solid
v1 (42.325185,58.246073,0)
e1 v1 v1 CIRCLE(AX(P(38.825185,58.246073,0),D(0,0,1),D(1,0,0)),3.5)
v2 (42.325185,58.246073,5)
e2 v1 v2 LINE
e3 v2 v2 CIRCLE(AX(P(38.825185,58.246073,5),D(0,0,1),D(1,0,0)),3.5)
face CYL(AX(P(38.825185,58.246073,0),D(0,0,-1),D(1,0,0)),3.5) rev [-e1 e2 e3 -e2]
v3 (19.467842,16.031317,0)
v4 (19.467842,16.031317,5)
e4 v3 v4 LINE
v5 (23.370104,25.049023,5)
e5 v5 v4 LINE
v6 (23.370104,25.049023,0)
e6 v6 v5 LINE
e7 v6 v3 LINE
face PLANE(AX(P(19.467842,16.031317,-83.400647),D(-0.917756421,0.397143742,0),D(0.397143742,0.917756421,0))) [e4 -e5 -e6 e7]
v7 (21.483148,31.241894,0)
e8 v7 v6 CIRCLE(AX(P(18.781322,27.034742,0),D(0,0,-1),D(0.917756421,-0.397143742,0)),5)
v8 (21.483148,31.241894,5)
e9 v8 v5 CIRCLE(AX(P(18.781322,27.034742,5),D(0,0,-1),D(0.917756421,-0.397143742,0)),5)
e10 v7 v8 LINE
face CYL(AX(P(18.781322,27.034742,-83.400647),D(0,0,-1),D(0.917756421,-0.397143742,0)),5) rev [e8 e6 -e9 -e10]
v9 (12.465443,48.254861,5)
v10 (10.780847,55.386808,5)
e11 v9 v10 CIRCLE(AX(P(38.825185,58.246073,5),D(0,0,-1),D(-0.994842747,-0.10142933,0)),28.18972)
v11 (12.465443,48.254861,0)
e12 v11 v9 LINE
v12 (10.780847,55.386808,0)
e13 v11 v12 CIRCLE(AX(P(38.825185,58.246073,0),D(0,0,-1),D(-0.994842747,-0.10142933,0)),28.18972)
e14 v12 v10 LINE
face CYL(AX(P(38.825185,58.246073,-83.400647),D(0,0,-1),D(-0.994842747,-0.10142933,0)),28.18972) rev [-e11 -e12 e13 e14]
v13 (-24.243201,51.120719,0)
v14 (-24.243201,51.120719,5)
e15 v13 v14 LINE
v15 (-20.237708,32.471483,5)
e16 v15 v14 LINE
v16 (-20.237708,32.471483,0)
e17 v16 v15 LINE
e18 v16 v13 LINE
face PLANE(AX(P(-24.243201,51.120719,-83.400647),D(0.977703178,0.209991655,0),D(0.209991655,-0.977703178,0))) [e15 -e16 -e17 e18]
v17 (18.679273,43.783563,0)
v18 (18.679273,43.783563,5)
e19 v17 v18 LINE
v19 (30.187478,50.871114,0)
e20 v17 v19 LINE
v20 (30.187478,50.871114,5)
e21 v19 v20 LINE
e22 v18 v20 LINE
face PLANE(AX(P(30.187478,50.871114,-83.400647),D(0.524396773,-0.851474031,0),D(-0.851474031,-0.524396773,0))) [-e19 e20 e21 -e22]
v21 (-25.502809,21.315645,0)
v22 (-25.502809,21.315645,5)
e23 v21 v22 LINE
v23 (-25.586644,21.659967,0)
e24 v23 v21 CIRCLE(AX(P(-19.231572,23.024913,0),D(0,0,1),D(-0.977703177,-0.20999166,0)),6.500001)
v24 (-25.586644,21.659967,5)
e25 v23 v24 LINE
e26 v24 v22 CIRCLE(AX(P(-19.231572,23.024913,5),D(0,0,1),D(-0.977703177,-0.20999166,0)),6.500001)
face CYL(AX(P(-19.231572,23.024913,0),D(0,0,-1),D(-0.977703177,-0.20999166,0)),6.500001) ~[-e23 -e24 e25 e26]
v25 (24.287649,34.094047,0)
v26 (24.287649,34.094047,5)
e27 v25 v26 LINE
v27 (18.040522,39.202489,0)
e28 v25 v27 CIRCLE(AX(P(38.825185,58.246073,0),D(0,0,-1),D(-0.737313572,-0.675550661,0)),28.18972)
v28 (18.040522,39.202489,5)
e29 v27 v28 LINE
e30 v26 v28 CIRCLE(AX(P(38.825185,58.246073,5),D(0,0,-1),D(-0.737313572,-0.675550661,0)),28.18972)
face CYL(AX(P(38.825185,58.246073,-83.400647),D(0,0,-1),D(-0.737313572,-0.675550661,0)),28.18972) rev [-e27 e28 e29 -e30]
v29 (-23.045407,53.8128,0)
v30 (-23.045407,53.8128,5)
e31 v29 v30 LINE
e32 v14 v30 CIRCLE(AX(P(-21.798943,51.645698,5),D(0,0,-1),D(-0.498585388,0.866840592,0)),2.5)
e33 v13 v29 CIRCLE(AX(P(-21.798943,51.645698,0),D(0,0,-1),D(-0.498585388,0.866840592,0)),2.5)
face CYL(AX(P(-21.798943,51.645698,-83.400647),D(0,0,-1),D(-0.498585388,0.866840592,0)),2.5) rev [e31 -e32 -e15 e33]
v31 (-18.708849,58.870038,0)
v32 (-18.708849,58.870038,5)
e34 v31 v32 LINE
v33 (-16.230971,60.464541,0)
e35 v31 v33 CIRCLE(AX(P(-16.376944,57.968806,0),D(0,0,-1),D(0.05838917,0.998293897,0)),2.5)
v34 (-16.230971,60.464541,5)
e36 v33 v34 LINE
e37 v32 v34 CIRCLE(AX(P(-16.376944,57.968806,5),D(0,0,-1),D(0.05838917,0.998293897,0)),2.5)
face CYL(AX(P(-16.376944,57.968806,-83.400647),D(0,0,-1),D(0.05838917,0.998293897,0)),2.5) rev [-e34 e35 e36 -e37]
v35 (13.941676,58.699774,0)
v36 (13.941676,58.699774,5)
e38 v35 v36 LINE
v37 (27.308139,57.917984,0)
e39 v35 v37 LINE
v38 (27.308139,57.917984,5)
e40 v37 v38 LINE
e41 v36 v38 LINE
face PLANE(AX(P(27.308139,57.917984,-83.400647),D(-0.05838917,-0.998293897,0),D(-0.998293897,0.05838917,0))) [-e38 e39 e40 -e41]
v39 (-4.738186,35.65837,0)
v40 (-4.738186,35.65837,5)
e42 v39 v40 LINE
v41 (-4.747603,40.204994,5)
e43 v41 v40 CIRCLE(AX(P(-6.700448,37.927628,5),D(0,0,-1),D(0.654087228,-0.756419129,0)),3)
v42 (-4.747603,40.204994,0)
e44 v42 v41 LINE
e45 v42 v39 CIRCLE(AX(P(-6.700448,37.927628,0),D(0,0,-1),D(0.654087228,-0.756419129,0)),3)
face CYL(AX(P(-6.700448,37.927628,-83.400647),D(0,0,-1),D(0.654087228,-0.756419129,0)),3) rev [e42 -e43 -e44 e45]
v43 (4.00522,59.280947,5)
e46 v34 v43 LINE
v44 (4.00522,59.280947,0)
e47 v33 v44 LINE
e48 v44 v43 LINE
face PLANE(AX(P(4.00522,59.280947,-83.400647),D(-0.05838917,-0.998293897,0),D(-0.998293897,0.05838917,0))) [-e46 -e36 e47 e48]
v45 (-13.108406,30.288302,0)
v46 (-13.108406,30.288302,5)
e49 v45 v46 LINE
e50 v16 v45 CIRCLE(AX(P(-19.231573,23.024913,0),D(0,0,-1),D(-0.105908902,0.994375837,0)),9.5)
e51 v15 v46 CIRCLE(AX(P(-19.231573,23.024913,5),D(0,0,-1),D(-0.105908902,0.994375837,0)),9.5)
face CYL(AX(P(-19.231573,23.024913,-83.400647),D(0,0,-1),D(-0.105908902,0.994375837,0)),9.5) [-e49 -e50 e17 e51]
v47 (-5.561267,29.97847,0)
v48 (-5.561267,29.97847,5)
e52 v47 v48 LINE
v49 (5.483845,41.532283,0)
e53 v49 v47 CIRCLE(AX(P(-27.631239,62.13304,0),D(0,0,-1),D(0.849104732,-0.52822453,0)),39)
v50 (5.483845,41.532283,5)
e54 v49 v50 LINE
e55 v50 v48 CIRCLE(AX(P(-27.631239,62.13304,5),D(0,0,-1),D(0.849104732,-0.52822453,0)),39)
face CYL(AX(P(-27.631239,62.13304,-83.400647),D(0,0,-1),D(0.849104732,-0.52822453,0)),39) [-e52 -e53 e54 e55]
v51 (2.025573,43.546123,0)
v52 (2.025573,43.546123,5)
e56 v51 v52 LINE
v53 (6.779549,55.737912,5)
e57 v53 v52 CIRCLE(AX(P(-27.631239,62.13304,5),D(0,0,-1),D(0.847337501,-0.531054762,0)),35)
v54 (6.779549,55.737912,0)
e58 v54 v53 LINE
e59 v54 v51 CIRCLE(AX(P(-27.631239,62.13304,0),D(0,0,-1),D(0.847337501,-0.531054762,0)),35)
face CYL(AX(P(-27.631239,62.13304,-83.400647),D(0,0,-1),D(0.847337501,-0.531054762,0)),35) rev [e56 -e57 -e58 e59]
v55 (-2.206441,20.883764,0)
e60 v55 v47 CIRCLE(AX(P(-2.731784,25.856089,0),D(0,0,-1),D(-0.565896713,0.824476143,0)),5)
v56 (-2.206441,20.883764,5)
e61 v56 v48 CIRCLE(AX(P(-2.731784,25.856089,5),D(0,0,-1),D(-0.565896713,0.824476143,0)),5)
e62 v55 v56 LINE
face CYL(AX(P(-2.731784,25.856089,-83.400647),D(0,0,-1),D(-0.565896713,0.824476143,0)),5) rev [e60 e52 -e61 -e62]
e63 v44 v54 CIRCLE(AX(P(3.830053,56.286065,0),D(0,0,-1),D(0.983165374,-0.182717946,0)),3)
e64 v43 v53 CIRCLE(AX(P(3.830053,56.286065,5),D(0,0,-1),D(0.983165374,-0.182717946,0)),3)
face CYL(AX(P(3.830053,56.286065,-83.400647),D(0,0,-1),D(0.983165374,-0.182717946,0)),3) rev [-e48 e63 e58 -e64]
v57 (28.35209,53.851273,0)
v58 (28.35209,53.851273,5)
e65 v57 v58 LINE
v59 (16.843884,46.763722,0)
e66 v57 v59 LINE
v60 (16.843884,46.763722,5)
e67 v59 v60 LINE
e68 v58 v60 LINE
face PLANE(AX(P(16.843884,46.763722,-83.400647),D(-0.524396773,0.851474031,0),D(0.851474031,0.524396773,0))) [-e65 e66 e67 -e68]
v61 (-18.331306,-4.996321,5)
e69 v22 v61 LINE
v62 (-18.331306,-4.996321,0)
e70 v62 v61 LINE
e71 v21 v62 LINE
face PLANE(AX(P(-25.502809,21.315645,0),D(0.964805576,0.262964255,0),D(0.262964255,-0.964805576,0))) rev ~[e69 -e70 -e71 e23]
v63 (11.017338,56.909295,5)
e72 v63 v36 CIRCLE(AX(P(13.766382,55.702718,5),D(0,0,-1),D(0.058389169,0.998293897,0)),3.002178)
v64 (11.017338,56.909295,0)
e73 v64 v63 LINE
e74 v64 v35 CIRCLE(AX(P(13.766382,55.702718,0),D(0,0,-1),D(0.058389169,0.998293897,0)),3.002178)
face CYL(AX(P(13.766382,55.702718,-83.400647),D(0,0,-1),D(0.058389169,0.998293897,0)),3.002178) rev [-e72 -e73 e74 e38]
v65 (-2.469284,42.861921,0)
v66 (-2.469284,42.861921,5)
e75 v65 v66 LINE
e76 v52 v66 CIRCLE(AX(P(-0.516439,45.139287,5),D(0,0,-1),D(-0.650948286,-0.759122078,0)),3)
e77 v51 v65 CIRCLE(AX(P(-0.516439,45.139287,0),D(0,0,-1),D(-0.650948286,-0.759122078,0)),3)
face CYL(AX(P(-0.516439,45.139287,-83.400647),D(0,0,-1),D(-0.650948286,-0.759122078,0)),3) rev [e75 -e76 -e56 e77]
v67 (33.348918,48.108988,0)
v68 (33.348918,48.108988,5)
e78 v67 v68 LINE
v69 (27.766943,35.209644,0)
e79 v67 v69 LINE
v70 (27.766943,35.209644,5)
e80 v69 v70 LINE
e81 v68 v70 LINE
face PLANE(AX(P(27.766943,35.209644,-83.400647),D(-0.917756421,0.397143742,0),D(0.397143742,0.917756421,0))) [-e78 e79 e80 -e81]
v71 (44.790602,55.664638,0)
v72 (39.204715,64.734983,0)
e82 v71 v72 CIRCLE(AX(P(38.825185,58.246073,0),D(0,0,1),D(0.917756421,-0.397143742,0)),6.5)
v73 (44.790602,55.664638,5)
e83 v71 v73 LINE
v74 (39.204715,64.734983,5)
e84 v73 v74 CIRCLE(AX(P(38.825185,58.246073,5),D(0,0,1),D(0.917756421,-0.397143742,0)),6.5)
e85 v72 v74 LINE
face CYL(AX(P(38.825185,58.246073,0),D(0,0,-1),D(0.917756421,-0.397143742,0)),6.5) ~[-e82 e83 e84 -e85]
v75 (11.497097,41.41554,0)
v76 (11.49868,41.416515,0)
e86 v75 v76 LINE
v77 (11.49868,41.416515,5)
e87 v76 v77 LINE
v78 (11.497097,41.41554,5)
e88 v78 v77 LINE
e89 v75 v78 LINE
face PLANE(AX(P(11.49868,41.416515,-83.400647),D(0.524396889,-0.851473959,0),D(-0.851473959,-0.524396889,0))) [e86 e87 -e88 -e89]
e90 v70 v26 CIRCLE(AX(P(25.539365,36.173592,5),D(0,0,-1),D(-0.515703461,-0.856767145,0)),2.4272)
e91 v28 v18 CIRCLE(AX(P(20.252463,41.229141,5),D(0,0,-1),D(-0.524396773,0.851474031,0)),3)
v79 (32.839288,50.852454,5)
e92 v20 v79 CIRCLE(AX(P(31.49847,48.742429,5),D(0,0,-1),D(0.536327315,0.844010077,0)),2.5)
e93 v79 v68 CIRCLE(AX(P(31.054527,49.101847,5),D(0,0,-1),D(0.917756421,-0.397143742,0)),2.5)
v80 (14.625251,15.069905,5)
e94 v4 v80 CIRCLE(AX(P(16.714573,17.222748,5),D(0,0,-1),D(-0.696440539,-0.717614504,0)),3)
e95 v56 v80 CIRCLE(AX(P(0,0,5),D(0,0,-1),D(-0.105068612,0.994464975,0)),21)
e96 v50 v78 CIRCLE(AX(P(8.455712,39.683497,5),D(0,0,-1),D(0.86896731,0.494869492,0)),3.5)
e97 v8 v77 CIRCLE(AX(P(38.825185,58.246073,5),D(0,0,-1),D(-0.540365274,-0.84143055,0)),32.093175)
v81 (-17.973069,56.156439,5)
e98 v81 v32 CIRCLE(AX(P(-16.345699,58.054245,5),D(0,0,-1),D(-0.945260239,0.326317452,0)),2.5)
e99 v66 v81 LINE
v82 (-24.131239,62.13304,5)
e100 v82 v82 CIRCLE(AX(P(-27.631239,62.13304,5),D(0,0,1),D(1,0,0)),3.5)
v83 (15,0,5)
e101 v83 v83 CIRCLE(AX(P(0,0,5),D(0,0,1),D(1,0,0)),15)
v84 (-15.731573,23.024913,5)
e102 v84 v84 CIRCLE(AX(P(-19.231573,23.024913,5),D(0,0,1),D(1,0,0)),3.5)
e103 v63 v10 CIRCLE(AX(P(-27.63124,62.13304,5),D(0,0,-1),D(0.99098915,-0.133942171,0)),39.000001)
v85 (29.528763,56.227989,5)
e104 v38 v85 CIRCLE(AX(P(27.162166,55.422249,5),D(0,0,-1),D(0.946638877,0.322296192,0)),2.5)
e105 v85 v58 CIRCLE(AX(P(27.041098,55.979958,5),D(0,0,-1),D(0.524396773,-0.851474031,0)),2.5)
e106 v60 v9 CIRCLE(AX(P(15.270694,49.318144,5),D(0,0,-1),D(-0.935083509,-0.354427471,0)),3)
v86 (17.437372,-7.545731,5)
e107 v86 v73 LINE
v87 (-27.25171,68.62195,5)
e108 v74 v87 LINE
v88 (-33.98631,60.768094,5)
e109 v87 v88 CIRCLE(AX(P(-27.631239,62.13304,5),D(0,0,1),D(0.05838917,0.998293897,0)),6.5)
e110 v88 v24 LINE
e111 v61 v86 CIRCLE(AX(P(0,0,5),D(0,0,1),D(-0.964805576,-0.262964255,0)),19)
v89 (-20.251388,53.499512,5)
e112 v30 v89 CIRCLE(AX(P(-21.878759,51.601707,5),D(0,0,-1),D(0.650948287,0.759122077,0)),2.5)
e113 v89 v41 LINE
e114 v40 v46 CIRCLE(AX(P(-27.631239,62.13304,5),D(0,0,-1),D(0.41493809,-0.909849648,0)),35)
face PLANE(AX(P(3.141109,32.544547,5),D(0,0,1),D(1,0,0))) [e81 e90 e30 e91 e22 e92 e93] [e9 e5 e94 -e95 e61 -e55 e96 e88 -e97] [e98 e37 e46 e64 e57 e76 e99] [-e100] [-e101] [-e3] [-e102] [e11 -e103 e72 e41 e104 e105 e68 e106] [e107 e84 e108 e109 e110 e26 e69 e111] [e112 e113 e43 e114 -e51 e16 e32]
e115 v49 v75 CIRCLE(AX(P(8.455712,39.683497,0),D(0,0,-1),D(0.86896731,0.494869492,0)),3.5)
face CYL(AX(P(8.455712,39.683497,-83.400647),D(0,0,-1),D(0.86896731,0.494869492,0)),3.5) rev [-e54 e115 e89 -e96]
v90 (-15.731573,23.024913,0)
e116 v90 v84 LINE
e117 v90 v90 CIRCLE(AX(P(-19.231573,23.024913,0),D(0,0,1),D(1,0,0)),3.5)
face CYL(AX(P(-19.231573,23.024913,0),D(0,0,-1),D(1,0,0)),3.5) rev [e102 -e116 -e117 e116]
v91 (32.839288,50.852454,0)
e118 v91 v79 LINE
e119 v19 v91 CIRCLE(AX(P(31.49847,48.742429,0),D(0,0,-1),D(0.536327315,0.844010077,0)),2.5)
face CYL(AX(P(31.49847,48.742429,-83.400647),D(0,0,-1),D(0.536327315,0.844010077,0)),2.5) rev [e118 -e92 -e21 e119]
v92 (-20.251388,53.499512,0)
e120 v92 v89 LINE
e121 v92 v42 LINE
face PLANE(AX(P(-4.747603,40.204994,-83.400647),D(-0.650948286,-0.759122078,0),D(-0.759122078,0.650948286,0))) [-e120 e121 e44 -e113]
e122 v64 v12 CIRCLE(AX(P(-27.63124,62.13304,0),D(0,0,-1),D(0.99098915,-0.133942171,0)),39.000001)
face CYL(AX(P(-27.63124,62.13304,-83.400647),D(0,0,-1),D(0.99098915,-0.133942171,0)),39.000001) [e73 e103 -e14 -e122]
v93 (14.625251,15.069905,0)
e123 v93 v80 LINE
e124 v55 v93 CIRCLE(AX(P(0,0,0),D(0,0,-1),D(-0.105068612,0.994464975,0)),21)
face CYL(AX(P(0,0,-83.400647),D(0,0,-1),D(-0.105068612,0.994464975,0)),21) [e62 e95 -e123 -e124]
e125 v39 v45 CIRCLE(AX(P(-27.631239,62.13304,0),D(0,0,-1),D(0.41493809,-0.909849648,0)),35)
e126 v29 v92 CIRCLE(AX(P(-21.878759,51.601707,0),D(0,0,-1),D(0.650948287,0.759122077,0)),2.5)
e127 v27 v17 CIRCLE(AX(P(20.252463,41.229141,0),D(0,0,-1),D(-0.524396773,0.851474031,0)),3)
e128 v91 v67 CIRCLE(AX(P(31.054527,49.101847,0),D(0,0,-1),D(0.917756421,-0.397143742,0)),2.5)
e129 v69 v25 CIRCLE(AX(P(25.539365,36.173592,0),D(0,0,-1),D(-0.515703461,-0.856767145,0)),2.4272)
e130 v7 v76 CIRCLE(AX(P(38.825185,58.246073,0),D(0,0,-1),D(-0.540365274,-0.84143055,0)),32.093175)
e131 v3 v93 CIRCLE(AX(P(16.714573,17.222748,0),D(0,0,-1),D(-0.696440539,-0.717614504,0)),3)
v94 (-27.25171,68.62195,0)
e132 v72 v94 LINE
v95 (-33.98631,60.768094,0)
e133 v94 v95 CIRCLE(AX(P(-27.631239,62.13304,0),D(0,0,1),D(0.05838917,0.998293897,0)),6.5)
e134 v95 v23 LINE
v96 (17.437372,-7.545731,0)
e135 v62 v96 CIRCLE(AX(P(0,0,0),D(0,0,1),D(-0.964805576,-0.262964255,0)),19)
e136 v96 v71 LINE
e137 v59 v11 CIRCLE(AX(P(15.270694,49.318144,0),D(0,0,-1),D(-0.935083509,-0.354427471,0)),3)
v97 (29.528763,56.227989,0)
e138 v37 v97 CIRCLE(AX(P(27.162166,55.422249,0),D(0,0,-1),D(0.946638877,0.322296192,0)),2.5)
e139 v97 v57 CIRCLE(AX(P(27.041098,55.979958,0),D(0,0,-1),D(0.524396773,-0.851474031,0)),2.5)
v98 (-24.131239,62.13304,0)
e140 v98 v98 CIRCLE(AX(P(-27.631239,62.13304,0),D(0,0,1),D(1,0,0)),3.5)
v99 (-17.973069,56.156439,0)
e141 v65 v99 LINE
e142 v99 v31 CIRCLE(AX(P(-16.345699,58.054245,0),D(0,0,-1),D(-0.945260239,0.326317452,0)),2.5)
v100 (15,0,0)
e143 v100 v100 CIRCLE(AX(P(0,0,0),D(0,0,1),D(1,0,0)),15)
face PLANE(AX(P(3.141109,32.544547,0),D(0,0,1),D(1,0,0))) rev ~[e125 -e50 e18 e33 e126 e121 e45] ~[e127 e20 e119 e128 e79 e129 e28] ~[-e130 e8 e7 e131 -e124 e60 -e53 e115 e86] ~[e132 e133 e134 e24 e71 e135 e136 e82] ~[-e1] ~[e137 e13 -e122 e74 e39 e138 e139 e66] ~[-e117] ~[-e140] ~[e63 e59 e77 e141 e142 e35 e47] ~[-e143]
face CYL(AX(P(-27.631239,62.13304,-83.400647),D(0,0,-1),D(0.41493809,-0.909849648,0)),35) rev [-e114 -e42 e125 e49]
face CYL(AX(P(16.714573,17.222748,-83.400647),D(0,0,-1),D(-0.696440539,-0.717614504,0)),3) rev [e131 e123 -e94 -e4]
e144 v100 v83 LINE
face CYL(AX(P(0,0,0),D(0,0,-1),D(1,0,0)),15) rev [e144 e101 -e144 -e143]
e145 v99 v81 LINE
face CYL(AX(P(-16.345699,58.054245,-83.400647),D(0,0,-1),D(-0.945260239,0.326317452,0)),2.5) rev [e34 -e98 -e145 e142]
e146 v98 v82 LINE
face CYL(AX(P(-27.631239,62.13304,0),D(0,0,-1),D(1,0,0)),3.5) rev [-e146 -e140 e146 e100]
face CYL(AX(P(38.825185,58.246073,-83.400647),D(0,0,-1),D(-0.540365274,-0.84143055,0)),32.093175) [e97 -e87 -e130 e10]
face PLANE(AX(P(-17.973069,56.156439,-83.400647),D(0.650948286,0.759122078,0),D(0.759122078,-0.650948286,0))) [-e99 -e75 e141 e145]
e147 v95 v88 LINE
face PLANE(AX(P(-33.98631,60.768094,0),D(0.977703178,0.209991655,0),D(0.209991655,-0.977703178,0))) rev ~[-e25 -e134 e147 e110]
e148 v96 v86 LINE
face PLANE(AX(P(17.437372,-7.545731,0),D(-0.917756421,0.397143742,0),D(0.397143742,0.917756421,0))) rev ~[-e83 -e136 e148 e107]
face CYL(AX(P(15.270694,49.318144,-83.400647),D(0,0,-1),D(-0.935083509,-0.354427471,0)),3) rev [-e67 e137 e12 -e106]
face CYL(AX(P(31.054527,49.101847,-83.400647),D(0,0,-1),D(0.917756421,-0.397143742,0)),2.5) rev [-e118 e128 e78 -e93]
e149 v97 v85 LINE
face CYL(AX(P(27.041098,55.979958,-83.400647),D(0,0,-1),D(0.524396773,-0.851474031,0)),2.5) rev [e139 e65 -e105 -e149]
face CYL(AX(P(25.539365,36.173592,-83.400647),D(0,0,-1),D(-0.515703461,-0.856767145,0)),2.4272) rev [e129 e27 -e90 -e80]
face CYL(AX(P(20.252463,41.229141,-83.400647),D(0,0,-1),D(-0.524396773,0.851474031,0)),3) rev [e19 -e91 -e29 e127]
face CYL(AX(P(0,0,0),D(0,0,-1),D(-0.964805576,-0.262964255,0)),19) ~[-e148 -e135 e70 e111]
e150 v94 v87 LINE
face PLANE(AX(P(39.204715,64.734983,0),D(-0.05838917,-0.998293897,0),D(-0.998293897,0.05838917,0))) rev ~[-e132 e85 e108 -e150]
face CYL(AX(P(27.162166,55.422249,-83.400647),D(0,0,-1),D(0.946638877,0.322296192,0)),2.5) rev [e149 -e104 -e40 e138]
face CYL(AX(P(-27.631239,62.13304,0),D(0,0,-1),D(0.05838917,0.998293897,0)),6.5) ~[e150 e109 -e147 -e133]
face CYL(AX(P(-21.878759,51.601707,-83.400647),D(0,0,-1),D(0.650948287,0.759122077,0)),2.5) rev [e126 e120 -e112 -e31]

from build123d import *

# Parameters (mm, degrees)
SKETCH1_R               = 3.5
SKETCH1_R_2             = 15
BOSS_EXTRUDE2_DEPTH     = 5
CUT_EXTRUDE5_DEPTH      = 83.400646631
CUT_EXTRUDE5_DEPTH_BACK = 83.400646631
CUT_EXTRUDE6_DEPTH      = 83.400646631
CUT_EXTRUDE6_DEPTH_BACK = 83.400646631


with BuildPart() as part:
    # Sketch1 → Boss-Extrude2 (new body)
    with BuildSketch(Plane.XY):
        with BuildLine():
            ThreePointArc((-27.25170969, 68.621949973), (-32.565561595, 66.364169918), (-33.986309951, 60.768093886))
            Line((-33.986309951, 60.768093886), (-25.586643761, 21.659966753))
            ThreePointArc((-25.586643761, 21.659966753), (-25.54707355, 21.487234362), (-25.502809349, 21.315644849))
            Line((-25.502809349, 21.315644849), (-18.331305953, -4.996320852))
            ThreePointArc((-18.331305953, -4.996320852), (-1.350797033, -18.951921997), (17.437371999, -7.545731095))
            Line((17.437371999, -7.545731095), (44.790602171, 55.664638301))
            ThreePointArc((44.790602171, 55.664638301), (44.35983755, 61.654536494), (39.204715036, 64.734982954))
            Line((39.204715036, 64.734982954), (-27.25170969, 68.621949973))
        make_face()
        with Locations((-27.631239292, 62.133039642)):
            Circle(SKETCH1_R, mode=Mode.SUBTRACT)
        with Locations((38.825185434, 58.246072623)):
            Circle(SKETCH1_R, mode=Mode.SUBTRACT)
        with Locations((-19.231573102, 23.024912509)):
            Circle(SKETCH1_R, mode=Mode.SUBTRACT)
        Circle(SKETCH1_R_2, mode=Mode.SUBTRACT)
    extrude(amount=BOSS_EXTRUDE2_DEPTH)

    # Sketch7 → Cut-Extrude5 (cut, two sides: drawn at the far end of the back side and taken through both)
    with BuildSketch(Plane.XY.offset(-CUT_EXTRUDE5_DEPTH_BACK)):
        with BuildLine():
            Line((-24.243201443, 51.12071929), (-20.237707665, 32.471482957))
            ThreePointArc((-20.237707665, 32.471482957), (-16.449923424, 32.108547523), (-13.108406148, 30.288301969))
            ThreePointArc((-13.108406148, 30.288301969), (-8.731595333, 32.674535637), (-4.738186305, 35.658370146))
            ThreePointArc((-4.738186305, 35.658370146), (-3.700454424, 37.933841025), (-4.747603131, 40.204993764))
            Line((-4.747603131, 40.204993764), (-20.251388243, 53.499512061))
            ThreePointArc((-20.251388243, 53.499512061), (-21.600184602, 54.086137653), (-23.045406965, 53.812799907))
            ThreePointArc((-23.045406965, 53.812799907), (-24.083058347, 52.661975629), (-24.243201443, 51.12071929))
        make_face()
    extrude(amount=CUT_EXTRUDE5_DEPTH + CUT_EXTRUDE5_DEPTH_BACK, mode=Mode.SUBTRACT)

    # Sketch7<3> → Cut-Extrude6 (cut, two sides: drawn at the far end of the back side and taken through both)
    with BuildSketch(Plane.XY.offset(-CUT_EXTRUDE6_DEPTH_BACK)):
        with BuildLine():
            Line((4.005220181, 59.280947081), (-16.230971238, 60.464540827))
            ThreePointArc((-16.230971238, 60.464540827), (-17.729787246, 60.071141831), (-18.708849124, 58.870038157))
            ThreePointArc((-18.708849124, 58.870038157), (-18.758574348, 57.400004307), (-17.973069241, 56.156439333))
            Line((-17.973069241, 56.156439333), (-2.469284129, 42.861921035))
            ThreePointArc((-2.469284129, 42.861921035), (-0.064983066, 42.173450574), (2.025573232, 43.546122983))
            ThreePointArc((2.025573232, 43.546122983), (4.977414301, 49.417863243), (6.779548794, 55.737911554))
            ThreePointArc((6.779548794, 55.737911554), (6.192076358, 58.135617799), (4.005220181, 59.280947081))
        make_face()
        with BuildLine():
            Line((27.766942681, 35.209644428), (33.348917717, 48.108987643))
            ThreePointArc((33.348917717, 48.108987643), (33.512477865, 49.558438608), (32.839288491, 50.852454099))
            ThreePointArc((32.839288491, 50.852454099), (31.516061413, 51.242367015), (30.18747827, 50.871113983))
            Line((30.18747827, 50.871113983), (18.679272595, 43.783562635))
            ThreePointArc((18.679272595, 43.783562635), (17.281206586, 41.643430104), (18.040522196, 39.202488559))
            ThreePointArc((18.040522196, 39.202488559), (20.980340559, 36.423565175), (24.287649202, 34.094046616))
            ThreePointArc((24.287649202, 34.094046616), (26.280456073, 33.862297186), (27.766942681, 35.209644428))
        make_face()
        with BuildLine():
            ThreePointArc((21.483147911, 31.241894358), (15.918845504, 35.767827579), (11.498679992, 41.416515006))
            Line((11.498679992, 41.416515006), (11.497097402, 41.415540337))
            ThreePointArc((11.497097402, 41.415540337), (8.523648804, 43.182837706), (5.483845255, 41.532282971))
            ThreePointArc((5.483845255, 41.532282971), (0.559543941, 35.183461896), (-5.561267488, 29.978470067))
            ThreePointArc((-5.561267488, 29.978470067), (-7.422805487, 24.125679952), (-2.206440861, 20.883764477))
            ThreePointArc((-2.206440861, 20.883764477), (6.856161822, 19.849258048), (14.625251307, 15.069904585))
            ThreePointArc((14.625251307, 15.069904585), (17.298768965, 14.280178644), (19.467842186, 16.031316872))
            Line((19.467842186, 16.031316872), (23.370103648, 25.049022897))
            ThreePointArc((23.370103648, 25.049022897), (23.564224135, 28.492082606), (21.483147911, 31.241894358))
        make_face()
        with BuildLine():
            Line((16.843883891, 46.763721743), (28.352089566, 53.85127309))
            ThreePointArc((28.352089566, 53.85127309), (29.281554059, 54.870744477), (29.52876331, 56.227989384))
            ThreePointArc((29.52876331, 56.227989384), (28.676191314, 57.411652758), (27.308139041, 57.917983644))
            Line((27.308139041, 57.917983644), (13.941676384, 58.699774114))
            ThreePointArc((13.941676384, 58.699774114), (12.198740022, 58.263103257), (11.01733755, 56.909294999))
            ThreePointArc((11.01733755, 56.909294999), (10.906611403, 56.14688363), (10.780846845, 55.386808205))
            ThreePointArc((10.780846845, 55.386808205), (11.390405083, 51.765860667), (12.465443048, 48.254861422))
            ThreePointArc((12.465443048, 48.254861422), (14.303549595, 46.47831417), (16.843883891, 46.763721743))
        make_face()
    extrude(amount=CUT_EXTRUDE6_DEPTH + CUT_EXTRUDE6_DEPTH_BACK, mode=Mode.SUBTRACT)


solid = part.part
